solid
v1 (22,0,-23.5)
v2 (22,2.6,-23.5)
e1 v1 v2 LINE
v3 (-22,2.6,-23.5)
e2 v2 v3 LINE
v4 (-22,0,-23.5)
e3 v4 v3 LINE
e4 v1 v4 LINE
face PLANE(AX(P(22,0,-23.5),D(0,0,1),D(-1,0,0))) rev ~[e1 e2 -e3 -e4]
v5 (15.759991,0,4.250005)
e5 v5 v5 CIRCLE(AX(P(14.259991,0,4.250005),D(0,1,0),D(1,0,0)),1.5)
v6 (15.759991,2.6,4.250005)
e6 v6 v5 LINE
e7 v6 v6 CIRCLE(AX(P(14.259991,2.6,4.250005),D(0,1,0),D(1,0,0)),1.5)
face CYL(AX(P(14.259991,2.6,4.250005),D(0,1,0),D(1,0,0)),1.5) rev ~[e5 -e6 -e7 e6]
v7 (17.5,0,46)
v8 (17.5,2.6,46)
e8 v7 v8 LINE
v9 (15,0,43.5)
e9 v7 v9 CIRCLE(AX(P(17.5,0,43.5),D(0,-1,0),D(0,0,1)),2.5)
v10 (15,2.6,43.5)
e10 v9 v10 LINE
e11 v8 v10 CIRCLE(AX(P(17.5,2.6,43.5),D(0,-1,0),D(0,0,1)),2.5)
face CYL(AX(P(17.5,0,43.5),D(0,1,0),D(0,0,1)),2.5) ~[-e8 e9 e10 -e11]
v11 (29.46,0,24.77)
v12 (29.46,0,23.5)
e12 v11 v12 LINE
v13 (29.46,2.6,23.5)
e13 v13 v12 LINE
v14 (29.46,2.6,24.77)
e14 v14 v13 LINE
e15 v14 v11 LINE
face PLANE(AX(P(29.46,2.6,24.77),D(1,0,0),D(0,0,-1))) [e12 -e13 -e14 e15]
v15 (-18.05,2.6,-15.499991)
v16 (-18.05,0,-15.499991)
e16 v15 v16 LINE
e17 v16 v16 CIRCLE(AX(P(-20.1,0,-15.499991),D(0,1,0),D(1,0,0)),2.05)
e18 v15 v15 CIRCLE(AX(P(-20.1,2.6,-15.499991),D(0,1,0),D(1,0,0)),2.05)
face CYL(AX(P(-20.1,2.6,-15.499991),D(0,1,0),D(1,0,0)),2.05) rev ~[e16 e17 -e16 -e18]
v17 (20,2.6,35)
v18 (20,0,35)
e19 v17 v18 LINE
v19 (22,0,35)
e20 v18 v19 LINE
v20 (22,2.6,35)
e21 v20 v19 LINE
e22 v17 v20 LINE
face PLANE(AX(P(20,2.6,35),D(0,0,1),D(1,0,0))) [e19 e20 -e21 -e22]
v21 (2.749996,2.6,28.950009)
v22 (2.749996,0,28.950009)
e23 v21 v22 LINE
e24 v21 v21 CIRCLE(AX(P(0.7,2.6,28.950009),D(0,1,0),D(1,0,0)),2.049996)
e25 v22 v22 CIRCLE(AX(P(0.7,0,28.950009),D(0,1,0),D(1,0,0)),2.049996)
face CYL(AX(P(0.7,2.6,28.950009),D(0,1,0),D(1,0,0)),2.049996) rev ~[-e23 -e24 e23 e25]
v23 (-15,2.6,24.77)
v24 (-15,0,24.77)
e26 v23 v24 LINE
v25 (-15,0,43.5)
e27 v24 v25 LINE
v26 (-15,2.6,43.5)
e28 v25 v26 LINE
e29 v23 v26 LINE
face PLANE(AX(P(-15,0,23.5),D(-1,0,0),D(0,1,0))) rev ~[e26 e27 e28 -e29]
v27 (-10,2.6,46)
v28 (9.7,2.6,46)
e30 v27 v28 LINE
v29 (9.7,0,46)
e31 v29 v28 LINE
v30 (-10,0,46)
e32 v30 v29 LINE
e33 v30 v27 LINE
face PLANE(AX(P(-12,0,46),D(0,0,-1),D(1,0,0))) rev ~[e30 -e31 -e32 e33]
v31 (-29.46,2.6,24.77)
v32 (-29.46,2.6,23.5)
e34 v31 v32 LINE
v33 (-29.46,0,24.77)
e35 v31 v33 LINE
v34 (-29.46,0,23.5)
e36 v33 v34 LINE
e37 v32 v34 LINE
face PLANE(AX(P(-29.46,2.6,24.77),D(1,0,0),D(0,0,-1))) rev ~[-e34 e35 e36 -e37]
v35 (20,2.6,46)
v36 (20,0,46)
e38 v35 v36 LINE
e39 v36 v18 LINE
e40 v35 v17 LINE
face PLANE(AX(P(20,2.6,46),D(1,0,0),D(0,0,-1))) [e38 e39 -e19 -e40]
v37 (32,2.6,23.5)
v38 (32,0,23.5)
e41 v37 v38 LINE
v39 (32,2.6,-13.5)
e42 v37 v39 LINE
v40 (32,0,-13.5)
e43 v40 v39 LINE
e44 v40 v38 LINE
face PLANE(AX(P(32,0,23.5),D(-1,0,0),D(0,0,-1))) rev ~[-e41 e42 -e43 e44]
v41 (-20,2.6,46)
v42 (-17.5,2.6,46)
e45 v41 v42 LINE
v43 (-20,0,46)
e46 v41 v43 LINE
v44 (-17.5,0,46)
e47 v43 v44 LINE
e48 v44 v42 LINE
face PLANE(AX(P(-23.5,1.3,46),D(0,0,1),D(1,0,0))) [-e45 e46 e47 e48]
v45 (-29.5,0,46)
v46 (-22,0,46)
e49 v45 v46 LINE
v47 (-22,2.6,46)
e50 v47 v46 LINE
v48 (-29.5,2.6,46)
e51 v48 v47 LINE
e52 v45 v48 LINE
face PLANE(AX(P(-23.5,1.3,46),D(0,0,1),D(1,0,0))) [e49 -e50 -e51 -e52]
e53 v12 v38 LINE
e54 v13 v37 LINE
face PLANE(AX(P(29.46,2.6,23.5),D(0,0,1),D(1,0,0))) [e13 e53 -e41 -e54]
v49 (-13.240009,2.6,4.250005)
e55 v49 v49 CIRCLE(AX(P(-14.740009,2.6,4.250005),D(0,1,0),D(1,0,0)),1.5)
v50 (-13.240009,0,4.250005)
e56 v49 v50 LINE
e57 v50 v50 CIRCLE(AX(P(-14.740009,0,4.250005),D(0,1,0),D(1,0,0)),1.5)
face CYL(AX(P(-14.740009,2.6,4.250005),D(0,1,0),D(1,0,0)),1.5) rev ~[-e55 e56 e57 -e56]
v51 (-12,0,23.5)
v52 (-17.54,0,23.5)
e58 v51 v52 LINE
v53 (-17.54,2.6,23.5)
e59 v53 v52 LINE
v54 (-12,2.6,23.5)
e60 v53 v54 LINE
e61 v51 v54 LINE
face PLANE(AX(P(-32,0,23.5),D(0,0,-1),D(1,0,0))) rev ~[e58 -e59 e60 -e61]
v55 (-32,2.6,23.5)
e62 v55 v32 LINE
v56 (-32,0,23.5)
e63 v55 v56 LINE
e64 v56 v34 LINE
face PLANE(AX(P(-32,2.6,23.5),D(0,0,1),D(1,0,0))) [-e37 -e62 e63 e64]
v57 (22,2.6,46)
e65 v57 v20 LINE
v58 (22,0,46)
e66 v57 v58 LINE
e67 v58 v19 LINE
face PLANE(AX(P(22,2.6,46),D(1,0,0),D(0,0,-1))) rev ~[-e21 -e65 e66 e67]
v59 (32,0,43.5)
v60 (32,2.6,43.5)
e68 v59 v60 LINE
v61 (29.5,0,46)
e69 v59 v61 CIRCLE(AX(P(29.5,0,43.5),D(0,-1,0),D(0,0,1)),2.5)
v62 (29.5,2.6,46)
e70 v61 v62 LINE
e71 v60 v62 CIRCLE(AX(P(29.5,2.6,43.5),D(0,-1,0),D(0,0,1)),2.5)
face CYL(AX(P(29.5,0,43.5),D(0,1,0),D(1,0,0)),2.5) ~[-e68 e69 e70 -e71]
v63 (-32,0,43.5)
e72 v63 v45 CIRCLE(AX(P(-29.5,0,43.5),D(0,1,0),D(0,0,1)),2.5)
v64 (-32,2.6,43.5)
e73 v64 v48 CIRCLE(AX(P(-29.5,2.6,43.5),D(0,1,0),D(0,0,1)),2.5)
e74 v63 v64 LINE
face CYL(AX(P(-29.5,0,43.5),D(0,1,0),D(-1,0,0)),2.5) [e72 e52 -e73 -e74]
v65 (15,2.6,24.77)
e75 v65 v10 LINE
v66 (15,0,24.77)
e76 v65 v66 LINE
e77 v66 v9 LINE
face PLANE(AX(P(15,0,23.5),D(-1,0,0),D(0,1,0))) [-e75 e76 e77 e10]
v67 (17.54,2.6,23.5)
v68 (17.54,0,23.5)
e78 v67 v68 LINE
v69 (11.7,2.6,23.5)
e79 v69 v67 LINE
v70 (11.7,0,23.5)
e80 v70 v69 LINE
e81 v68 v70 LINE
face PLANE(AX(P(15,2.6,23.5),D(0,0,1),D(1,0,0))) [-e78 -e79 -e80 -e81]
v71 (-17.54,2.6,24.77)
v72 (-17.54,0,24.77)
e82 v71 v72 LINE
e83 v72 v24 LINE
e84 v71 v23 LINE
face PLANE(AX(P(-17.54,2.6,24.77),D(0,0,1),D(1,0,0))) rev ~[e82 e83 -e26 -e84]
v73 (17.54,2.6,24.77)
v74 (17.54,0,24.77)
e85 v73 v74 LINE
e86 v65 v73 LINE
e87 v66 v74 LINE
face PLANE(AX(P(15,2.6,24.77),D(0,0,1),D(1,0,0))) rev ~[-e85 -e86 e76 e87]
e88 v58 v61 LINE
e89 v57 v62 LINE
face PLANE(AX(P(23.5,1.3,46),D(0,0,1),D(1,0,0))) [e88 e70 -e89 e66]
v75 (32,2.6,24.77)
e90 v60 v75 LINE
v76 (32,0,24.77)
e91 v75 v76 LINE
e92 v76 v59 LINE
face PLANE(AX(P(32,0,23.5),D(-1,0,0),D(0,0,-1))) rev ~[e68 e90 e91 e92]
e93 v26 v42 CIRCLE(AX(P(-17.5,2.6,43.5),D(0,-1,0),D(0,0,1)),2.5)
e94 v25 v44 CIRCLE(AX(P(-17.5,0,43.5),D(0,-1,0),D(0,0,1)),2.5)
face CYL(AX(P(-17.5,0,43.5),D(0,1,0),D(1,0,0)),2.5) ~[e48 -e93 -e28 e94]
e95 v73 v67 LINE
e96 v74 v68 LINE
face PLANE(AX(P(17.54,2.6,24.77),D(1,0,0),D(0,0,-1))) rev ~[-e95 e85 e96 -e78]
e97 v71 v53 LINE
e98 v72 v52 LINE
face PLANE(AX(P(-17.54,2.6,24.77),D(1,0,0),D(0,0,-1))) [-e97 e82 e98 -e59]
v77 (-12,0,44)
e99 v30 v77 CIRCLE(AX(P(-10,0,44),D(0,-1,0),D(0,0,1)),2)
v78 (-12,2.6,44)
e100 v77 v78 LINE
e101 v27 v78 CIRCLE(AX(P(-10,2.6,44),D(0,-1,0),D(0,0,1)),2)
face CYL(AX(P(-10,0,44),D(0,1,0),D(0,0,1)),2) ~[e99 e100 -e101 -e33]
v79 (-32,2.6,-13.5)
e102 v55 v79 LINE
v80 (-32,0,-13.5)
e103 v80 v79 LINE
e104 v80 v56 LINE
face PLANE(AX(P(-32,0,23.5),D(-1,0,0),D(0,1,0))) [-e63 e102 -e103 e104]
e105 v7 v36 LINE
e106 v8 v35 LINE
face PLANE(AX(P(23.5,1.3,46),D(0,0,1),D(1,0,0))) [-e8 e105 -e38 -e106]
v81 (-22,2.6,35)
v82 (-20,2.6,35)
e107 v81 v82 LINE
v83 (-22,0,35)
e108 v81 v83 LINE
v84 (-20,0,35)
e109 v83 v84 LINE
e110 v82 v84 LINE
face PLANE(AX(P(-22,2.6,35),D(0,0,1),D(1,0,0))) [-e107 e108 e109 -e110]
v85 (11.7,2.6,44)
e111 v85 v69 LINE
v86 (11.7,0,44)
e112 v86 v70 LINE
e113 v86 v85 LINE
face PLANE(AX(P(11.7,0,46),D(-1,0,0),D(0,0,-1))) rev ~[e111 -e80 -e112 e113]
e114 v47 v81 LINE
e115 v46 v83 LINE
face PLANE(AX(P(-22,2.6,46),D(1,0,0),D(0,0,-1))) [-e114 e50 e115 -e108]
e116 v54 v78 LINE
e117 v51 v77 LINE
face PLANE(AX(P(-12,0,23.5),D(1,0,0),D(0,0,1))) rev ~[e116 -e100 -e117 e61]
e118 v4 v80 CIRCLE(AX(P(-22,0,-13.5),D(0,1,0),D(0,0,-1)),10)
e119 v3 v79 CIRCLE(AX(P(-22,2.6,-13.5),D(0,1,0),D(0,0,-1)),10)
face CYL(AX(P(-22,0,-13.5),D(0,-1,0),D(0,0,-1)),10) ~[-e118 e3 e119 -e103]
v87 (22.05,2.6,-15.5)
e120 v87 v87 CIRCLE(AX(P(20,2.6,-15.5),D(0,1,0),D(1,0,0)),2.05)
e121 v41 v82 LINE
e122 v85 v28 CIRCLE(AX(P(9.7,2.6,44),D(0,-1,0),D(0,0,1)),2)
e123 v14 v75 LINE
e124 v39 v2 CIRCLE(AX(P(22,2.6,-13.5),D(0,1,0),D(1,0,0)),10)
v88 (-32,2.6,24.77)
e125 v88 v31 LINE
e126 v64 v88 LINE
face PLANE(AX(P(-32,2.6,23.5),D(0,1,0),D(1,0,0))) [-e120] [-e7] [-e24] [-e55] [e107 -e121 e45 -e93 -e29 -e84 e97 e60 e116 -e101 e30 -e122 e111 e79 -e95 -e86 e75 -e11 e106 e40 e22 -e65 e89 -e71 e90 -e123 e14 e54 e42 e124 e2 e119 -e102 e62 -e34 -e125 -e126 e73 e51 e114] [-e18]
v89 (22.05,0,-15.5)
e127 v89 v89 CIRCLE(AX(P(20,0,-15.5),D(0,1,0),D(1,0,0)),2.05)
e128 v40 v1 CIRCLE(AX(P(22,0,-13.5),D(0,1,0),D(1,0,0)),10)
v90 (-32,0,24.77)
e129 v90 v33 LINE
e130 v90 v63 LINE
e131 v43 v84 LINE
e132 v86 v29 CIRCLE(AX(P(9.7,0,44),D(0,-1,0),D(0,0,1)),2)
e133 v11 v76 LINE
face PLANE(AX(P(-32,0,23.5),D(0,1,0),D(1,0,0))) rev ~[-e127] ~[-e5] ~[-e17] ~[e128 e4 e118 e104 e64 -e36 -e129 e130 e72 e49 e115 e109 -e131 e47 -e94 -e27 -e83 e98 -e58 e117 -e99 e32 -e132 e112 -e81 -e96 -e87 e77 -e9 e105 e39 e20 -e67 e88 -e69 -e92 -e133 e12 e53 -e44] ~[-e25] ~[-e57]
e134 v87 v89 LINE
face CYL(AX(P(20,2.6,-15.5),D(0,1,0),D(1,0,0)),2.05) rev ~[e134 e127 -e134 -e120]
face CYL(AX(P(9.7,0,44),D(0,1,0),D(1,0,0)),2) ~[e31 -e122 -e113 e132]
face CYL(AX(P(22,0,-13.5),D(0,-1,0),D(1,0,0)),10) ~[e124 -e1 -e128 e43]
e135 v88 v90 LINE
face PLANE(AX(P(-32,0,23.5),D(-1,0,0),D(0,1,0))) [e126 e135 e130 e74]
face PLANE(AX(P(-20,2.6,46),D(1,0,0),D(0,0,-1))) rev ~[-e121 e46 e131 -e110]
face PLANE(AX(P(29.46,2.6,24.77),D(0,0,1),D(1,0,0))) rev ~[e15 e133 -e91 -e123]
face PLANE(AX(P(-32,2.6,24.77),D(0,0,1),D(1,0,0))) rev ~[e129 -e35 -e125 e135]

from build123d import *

# Parameters (mm, degrees)
MAIN_BODY_DEPTH          = 2.6
SKETCH2_R                = 2.05
SKETCH2_R_2              = 1.5
SKETCH2_R_3              = 2.0499959
SCREW_HOLES_DEPTH        = 1
SCREW_HOLES_DEPTH_BACK   = 3.6
MAIN_LOWER_BODY_FILLET_R = 2
SKETCH5_W                = 17
SKETCH5_H                = 2.6
BOSS_EXTRUDE1_DEPTH      = 22.5
SKETCH6_W                = 2
SKETCH6_H                = 11
CUT_EXTRUDE1_DEPTH       = 22.5
FILLET2_R                = 2.5
SKETCH7_W                = 2.54
SKETCH7_H                = 1.27
CUT_EXTRUDE2_DEPTH       = 3.6


with BuildPart() as part:
    # Sketch1 → Main Body (new body)
    with BuildSketch(Plane(origin=(0, 0, 0), x_dir=(1, 0, 0), z_dir=(0, 1, 0))):
        with BuildLine():
            Line((11.7, -23.5), (32, -23.5))
            Line((32, -23.5), (32, 13.5))
            ThreePointArc((32, 13.5), (29.071067812, 20.571067812), (22, 23.5))
            Line((22, 23.5), (-22, 23.5))
            ThreePointArc((-22, 23.5), (-29.071067812, 20.571067812), (-32, 13.5))
            Line((-32, 13.5), (-32, -23.5))
            Line((-32, -23.5), (-12, -23.5))
            Line((-12, -23.5), (-12, -46))
            Line((-12, -46), (11.7, -46))
            Line((11.7, -46), (11.7, -23.5))
        make_face()
    extrude(amount=MAIN_BODY_DEPTH)

    # Sketch2 → Screw holes (cut, two sides)
    with BuildSketch(Plane(origin=(0, 2.6, 0), x_dir=(1, 0, 0), z_dir=(0, 1, 0))) as screw_holes_sk:
        with Locations((-20.1, 15.4999906)):
            Circle(SKETCH2_R)
        with Locations((20, 15.5)):
            Circle(SKETCH2_R)
        with Locations((-14.740009048, -4.250005346)):
            Circle(SKETCH2_R_2)
        with Locations((14.259990952, -4.250005346)):
            Circle(SKETCH2_R_2)
        with Locations((0.7, -28.9500094)):
            Circle(SKETCH2_R_3)
    extrude(amount=SCREW_HOLES_DEPTH, mode=Mode.SUBTRACT)
    extrude(screw_holes_sk.sketch, amount=-SCREW_HOLES_DEPTH_BACK, mode=Mode.SUBTRACT)

    # Main lower body Fillet
    main_lower_body_fillet_edges = [part.edges().sort_by_distance(p)[0] for p in [
        (11.7, 1.3, 46),
        (-12, 1.3, 46),
    ]]
    fillet(main_lower_body_fillet_edges, radius=MAIN_LOWER_BODY_FILLET_R)

    # Sketch5 → Boss-Extrude1 (add)
    with BuildSketch(Plane.XY.offset(23.5)):
        with Locations((-23.5, 1.3)):
            Rectangle(SKETCH5_W, SKETCH5_H)
        with Locations((23.5, 1.3)):
            Rectangle(SKETCH5_W, SKETCH5_H)
    extrude(amount=BOSS_EXTRUDE1_DEPTH)

    # Sketch6 → Cut-Extrude1 (cut)
    with BuildSketch(Plane(origin=(0, 2.6, 0), x_dir=(1, 0, 0), z_dir=(0, 1, 0))):
        with Locations((-21, -40.5)):
            Rectangle(SKETCH6_W, SKETCH6_H)
        with Locations((21, -40.5)):
            Rectangle(SKETCH6_W, SKETCH6_H)
    extrude(amount=-CUT_EXTRUDE1_DEPTH, mode=Mode.SUBTRACT)

    # Fillet2
    fillet2_edges = [part.edges().sort_by_distance(p)[0] for p in [
        (-32, 1.3, 46),
        (-15, 1.3, 46),
        (32, 1.3, 46),
        (15, 1.3, 46),
    ]]
    fillet(fillet2_edges, radius=FILLET2_R)

    # Sketch7 → Cut-Extrude2 (cut, through all)
    with BuildSketch(Plane(origin=(0, 2.6, 0), x_dir=(1, 0, 0), z_dir=(0, 1, 0))):
        with Locations((-30.73, -24.135)):
            Rectangle(SKETCH7_W, SKETCH7_H)
        with Locations((30.73, -24.135)):
            Rectangle(SKETCH7_W, SKETCH7_H)
        with Locations((-16.27, -24.135)):
            Rectangle(SKETCH7_W, SKETCH7_H)
        with Locations((16.27, -24.135)):
            Rectangle(SKETCH7_W, SKETCH7_H)
    extrude(amount=-CUT_EXTRUDE2_DEPTH, mode=Mode.SUBTRACT)


solid = part.part
